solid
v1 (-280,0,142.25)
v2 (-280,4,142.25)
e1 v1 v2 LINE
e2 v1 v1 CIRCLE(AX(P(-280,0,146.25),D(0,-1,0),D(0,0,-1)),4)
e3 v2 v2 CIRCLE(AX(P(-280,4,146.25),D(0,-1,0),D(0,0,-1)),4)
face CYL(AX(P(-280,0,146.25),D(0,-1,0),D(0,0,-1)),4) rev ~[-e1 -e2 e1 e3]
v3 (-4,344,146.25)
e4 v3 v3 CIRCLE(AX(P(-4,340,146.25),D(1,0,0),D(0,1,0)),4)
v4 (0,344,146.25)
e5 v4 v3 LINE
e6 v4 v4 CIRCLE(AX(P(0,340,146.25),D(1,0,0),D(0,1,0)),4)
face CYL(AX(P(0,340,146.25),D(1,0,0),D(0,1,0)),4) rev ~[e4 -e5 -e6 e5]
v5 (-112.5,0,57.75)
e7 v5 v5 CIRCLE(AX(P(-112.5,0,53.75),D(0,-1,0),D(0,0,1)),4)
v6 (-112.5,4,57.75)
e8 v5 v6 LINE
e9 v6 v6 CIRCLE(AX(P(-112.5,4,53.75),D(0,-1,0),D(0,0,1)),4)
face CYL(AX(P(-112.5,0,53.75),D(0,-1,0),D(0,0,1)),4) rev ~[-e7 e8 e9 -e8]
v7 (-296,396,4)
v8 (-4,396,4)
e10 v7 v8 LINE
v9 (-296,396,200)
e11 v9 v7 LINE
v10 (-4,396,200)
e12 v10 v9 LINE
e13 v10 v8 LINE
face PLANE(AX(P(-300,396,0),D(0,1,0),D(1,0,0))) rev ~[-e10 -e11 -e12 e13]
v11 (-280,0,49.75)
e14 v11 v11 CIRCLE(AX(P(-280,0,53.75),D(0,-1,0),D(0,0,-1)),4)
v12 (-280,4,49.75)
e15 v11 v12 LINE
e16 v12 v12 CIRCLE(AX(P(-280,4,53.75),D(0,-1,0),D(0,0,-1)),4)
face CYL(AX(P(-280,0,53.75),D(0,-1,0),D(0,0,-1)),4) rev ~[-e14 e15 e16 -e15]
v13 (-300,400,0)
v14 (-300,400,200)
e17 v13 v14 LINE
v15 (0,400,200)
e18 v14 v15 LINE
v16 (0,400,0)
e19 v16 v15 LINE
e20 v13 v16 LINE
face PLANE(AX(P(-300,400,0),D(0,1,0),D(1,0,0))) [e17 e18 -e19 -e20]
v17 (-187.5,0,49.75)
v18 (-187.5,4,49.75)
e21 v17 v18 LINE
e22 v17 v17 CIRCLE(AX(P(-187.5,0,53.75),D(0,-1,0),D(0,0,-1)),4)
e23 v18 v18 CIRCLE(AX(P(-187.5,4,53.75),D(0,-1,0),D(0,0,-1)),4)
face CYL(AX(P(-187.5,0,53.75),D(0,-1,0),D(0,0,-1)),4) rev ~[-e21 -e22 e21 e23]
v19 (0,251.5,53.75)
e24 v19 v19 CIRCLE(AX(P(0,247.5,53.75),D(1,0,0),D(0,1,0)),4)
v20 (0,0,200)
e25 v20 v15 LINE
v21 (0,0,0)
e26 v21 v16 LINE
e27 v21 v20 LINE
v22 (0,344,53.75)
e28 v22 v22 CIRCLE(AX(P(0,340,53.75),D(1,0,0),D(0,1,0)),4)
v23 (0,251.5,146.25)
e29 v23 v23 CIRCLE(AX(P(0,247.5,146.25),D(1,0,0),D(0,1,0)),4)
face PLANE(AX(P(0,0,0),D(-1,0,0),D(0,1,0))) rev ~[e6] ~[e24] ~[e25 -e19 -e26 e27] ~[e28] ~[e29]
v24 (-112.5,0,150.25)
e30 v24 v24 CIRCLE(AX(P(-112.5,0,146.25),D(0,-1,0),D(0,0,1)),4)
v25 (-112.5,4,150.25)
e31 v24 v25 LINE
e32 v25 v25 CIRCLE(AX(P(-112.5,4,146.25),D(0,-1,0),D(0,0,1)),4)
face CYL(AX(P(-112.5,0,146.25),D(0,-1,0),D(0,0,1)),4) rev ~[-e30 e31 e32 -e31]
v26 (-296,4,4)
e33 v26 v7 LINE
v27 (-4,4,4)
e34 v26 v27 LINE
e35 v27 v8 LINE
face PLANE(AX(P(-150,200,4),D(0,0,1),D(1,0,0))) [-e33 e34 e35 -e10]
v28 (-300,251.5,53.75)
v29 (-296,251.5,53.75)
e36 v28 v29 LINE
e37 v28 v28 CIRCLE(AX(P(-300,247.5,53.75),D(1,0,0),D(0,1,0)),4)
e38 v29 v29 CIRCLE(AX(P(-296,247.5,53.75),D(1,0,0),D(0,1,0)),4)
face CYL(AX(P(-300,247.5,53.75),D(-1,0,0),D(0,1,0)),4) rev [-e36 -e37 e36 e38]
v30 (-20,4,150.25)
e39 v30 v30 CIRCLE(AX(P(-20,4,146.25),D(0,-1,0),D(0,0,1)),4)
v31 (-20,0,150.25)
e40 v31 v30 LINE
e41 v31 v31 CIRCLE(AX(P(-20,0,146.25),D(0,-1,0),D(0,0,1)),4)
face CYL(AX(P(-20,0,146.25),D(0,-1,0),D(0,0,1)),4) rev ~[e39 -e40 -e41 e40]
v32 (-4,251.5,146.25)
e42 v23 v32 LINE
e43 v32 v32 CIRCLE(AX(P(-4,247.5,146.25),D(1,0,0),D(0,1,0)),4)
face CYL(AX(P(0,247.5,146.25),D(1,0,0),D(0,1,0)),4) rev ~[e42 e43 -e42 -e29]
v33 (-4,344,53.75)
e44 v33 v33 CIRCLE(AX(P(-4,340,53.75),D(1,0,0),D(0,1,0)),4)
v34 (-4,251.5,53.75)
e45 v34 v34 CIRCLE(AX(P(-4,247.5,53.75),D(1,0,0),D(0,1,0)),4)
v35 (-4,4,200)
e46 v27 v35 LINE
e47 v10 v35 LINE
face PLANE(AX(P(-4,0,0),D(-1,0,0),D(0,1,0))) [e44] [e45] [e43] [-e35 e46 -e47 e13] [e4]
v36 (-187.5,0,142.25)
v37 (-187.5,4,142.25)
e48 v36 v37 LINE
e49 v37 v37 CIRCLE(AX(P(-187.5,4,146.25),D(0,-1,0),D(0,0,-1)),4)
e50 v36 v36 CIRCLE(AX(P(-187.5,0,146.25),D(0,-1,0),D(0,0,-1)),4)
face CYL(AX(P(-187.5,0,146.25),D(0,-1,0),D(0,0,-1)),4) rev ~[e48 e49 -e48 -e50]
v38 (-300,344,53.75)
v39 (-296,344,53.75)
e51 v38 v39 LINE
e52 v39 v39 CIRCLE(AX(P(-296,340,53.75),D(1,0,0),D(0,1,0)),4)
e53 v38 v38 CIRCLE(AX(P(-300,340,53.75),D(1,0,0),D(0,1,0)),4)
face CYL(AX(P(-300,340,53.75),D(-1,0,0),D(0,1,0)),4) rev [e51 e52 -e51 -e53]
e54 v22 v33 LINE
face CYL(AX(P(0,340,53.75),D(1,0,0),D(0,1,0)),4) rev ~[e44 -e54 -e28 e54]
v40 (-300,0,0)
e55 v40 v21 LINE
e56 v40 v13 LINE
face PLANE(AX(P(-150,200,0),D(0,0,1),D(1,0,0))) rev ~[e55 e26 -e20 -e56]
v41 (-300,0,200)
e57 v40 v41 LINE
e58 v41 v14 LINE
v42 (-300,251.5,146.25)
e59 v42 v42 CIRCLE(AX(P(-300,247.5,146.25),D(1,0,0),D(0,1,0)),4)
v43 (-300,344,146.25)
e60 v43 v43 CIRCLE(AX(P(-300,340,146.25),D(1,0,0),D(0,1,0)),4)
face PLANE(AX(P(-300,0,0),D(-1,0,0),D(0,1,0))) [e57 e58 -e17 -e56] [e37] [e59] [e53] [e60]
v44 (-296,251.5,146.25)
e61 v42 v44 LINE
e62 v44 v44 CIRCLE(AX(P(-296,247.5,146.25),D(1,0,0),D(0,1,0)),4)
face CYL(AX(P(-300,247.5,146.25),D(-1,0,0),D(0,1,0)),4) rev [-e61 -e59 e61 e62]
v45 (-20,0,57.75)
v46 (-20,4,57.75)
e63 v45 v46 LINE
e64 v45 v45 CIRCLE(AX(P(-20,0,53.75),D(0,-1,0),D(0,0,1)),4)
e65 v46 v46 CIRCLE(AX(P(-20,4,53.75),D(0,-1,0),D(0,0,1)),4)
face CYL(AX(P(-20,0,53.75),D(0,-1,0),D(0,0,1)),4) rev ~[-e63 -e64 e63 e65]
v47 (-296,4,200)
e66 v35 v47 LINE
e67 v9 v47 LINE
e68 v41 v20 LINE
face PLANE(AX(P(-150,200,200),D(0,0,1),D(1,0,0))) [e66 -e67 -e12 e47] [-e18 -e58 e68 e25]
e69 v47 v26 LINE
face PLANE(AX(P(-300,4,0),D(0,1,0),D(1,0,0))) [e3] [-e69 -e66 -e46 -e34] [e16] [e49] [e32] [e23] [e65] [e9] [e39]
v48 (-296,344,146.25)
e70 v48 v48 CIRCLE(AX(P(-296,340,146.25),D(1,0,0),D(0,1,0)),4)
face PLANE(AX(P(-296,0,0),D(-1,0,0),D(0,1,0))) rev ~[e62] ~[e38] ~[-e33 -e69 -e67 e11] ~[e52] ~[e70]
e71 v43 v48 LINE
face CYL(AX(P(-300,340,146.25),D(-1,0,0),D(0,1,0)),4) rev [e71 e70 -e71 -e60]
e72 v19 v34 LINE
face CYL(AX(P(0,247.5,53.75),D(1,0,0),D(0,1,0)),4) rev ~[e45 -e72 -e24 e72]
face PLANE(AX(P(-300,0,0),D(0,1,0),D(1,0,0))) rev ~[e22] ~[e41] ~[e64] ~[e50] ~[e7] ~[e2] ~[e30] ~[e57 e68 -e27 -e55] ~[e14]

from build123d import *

# Parameters (mm, degrees)
IZIM1_W                     = 300
IZIM1_H                     = 400
Y_KSEKLIK_EKSTR_ZYON1_DEPTH = 200
BO_ALTMA1_T                 = -4
KES_EKSTR_ZYON1_REACH       = 540.516
IZIM2_R                     = 4
KES_EKSTR_ZYON2_REACH       = 540.516
IZIM4_R                     = 4


with BuildPart() as part:
    # Çizim1 → Yükseklik-Ekstrüzyon1 (new body)
    with BuildSketch(Plane.XY):
        with Locations((-150, 200)):
            Rectangle(IZIM1_W, IZIM1_H)
    extrude(amount=Y_KSEKLIK_EKSTR_ZYON1_DEPTH)

    # İç Boşaltma1
    bo_altma1_openings = [part.faces().sort_by_distance(p)[0] for p in [
        (-150, 200, 200),
    ]]
    offset(amount=BO_ALTMA1_T, openings=bo_altma1_openings, kind=Kind.INTERSECTION)

    # Çizim2 → Kes-Ekstrüzyon1 (cut, up to next)
    with BuildSketch(Plane(origin=(0, 0, 0), x_dir=(0, 0, -1), z_dir=(1, 0, 0)), mode=Mode.PRIVATE) as kes_ekstr_zyon1_sk1:
        with Locations(Location((-146.25, 340, 0), (0, 0, 90))):
            Circle(IZIM2_R)
    kes_ekstr_zyon1_tool1 = extrude(kes_ekstr_zyon1_sk1.sketch, amount=-KES_EKSTR_ZYON1_REACH, mode=Mode.PRIVATE) & part.part
    # Çizim2 → Kes-Ekstrüzyon1 (cut, up to next)
    with BuildSketch(Plane(origin=(0, 0, 0), x_dir=(0, 0, -1), z_dir=(1, 0, 0)), mode=Mode.PRIVATE) as kes_ekstr_zyon1_sk2:
        with Locations(Location((-53.75, 340, 0), (0, 0, 90))):
            Circle(IZIM2_R)
    kes_ekstr_zyon1_tool2 = extrude(kes_ekstr_zyon1_sk2.sketch, amount=-KES_EKSTR_ZYON1_REACH, mode=Mode.PRIVATE) & part.part
    # Çizim2 → Kes-Ekstrüzyon1 (cut, up to next)
    with BuildSketch(Plane(origin=(0, 0, 0), x_dir=(0, 0, -1), z_dir=(1, 0, 0)), mode=Mode.PRIVATE) as kes_ekstr_zyon1_sk3:
        with Locations(Location((-146.25, 247.5, 0), (0, 0, 90))):
            Circle(IZIM2_R)
    kes_ekstr_zyon1_tool3 = extrude(kes_ekstr_zyon1_sk3.sketch, amount=-KES_EKSTR_ZYON1_REACH, mode=Mode.PRIVATE) & part.part
    # Çizim2 → Kes-Ekstrüzyon1 (cut, up to next)
    with BuildSketch(Plane(origin=(0, 0, 0), x_dir=(0, 0, -1), z_dir=(1, 0, 0)), mode=Mode.PRIVATE) as kes_ekstr_zyon1_sk4:
        with Locations(Location((-53.75, 247.5, 0), (0, 0, 90))):
            Circle(IZIM2_R)
    kes_ekstr_zyon1_tool4 = extrude(kes_ekstr_zyon1_sk4.sketch, amount=-KES_EKSTR_ZYON1_REACH, mode=Mode.PRIVATE) & part.part
    kes_ekstr_zyon1_1 = kes_ekstr_zyon1_tool1.solids().sort_by_distance((0, 340, 146.25))[0]
    add(kes_ekstr_zyon1_1, mode=Mode.SUBTRACT)
    kes_ekstr_zyon1_2 = kes_ekstr_zyon1_tool2.solids().sort_by_distance((0, 340, 53.75))[0]
    add(kes_ekstr_zyon1_2, mode=Mode.SUBTRACT)
    kes_ekstr_zyon1_3 = kes_ekstr_zyon1_tool3.solids().sort_by_distance((0, 247.5, 146.25))[0]
    add(kes_ekstr_zyon1_3, mode=Mode.SUBTRACT)
    kes_ekstr_zyon1_4 = kes_ekstr_zyon1_tool4.solids().sort_by_distance((0, 247.5, 53.75))[0]
    add(kes_ekstr_zyon1_4, mode=Mode.SUBTRACT)
    kes_ekstr_zyon1 = kes_ekstr_zyon1_1 + kes_ekstr_zyon1_2 + kes_ekstr_zyon1_3 + kes_ekstr_zyon1_4  # Kes-Ekstrüzyon1 as one shape, for the pattern or mirror that repeats it

    # Aynalama1: Kes-Ekstrüzyon1 across plane
    add(kes_ekstr_zyon1.mirror(Plane(origin=(-150, 0, 0), x_dir=(0, 0, 1), z_dir=(1, 0, 0))), mode=Mode.SUBTRACT)

    # Çizim4 → Kes-Ekstrüzyon2 (cut, up to next)
    with BuildSketch(Plane.XZ, mode=Mode.PRIVATE) as kes_ekstr_zyon2_sk1:
        with Locations(Location((-280, 146.25, 0), (0, 0, 270))):
            Circle(IZIM4_R)
    kes_ekstr_zyon2_tool1 = extrude(kes_ekstr_zyon2_sk1.sketch, amount=-KES_EKSTR_ZYON2_REACH, mode=Mode.PRIVATE) & part.part
    # Çizim4 → Kes-Ekstrüzyon2 (cut, up to next)
    with BuildSketch(Plane.XZ, mode=Mode.PRIVATE) as kes_ekstr_zyon2_sk2:
        with Locations(Location((-280, 53.75, 0), (0, 0, 270))):
            Circle(IZIM4_R)
    kes_ekstr_zyon2_tool2 = extrude(kes_ekstr_zyon2_sk2.sketch, amount=-KES_EKSTR_ZYON2_REACH, mode=Mode.PRIVATE) & part.part
    # Çizim4 → Kes-Ekstrüzyon2 (cut, up to next)
    with BuildSketch(Plane.XZ, mode=Mode.PRIVATE) as kes_ekstr_zyon2_sk3:
        with Locations(Location((-187.5, 146.25, 0), (0, 0, 270))):
            Circle(IZIM4_R)
    kes_ekstr_zyon2_tool3 = extrude(kes_ekstr_zyon2_sk3.sketch, amount=-KES_EKSTR_ZYON2_REACH, mode=Mode.PRIVATE) & part.part
    # Çizim4 → Kes-Ekstrüzyon2 (cut, up to next)
    with BuildSketch(Plane.XZ, mode=Mode.PRIVATE) as kes_ekstr_zyon2_sk4:
        with Locations(Location((-187.5, 53.75, 0), (0, 0, 270))):
            Circle(IZIM4_R)
    kes_ekstr_zyon2_tool4 = extrude(kes_ekstr_zyon2_sk4.sketch, amount=-KES_EKSTR_ZYON2_REACH, mode=Mode.PRIVATE) & part.part
    # Çizim4 → Kes-Ekstrüzyon2 (cut, up to next)
    with BuildSketch(Plane.XZ, mode=Mode.PRIVATE) as kes_ekstr_zyon2_sk5:
        with Locations(Location((-20, 146.25, 0), (0, 0, 90))):
            Circle(IZIM4_R)
    kes_ekstr_zyon2_tool5 = extrude(kes_ekstr_zyon2_sk5.sketch, amount=-KES_EKSTR_ZYON2_REACH, mode=Mode.PRIVATE) & part.part
    # Çizim4 → Kes-Ekstrüzyon2 (cut, up to next)
    with BuildSketch(Plane.XZ, mode=Mode.PRIVATE) as kes_ekstr_zyon2_sk6:
        with Locations(Location((-20, 53.75, 0), (0, 0, 90))):
            Circle(IZIM4_R)
    kes_ekstr_zyon2_tool6 = extrude(kes_ekstr_zyon2_sk6.sketch, amount=-KES_EKSTR_ZYON2_REACH, mode=Mode.PRIVATE) & part.part
    # Çizim4 → Kes-Ekstrüzyon2 (cut, up to next)
    with BuildSketch(Plane.XZ, mode=Mode.PRIVATE) as kes_ekstr_zyon2_sk7:
        with Locations(Location((-112.5, 53.75, 0), (0, 0, 90))):
            Circle(IZIM4_R)
    kes_ekstr_zyon2_tool7 = extrude(kes_ekstr_zyon2_sk7.sketch, amount=-KES_EKSTR_ZYON2_REACH, mode=Mode.PRIVATE) & part.part
    # Çizim4 → Kes-Ekstrüzyon2 (cut, up to next)
    with BuildSketch(Plane.XZ, mode=Mode.PRIVATE) as kes_ekstr_zyon2_sk8:
        with Locations(Location((-112.5, 146.25, 0), (0, 0, 90))):
            Circle(IZIM4_R)
    kes_ekstr_zyon2_tool8 = extrude(kes_ekstr_zyon2_sk8.sketch, amount=-KES_EKSTR_ZYON2_REACH, mode=Mode.PRIVATE) & part.part
    add(kes_ekstr_zyon2_tool1.solids().sort_by_distance((-280, 0, 146.25))[0], mode=Mode.SUBTRACT)
    add(kes_ekstr_zyon2_tool2.solids().sort_by_distance((-280, 0, 53.75))[0], mode=Mode.SUBTRACT)
    add(kes_ekstr_zyon2_tool3.solids().sort_by_distance((-187.5, 0, 146.25))[0], mode=Mode.SUBTRACT)
    add(kes_ekstr_zyon2_tool4.solids().sort_by_distance((-187.5, 0, 53.75))[0], mode=Mode.SUBTRACT)
    add(kes_ekstr_zyon2_tool5.solids().sort_by_distance((-20, 0, 146.25))[0], mode=Mode.SUBTRACT)
    add(kes_ekstr_zyon2_tool6.solids().sort_by_distance((-20, 0, 53.75))[0], mode=Mode.SUBTRACT)
    add(kes_ekstr_zyon2_tool7.solids().sort_by_distance((-112.5, 0, 53.75))[0], mode=Mode.SUBTRACT)
    add(kes_ekstr_zyon2_tool8.solids().sort_by_distance((-112.5, 0, 146.25))[0], mode=Mode.SUBTRACT)


solid = part.part
